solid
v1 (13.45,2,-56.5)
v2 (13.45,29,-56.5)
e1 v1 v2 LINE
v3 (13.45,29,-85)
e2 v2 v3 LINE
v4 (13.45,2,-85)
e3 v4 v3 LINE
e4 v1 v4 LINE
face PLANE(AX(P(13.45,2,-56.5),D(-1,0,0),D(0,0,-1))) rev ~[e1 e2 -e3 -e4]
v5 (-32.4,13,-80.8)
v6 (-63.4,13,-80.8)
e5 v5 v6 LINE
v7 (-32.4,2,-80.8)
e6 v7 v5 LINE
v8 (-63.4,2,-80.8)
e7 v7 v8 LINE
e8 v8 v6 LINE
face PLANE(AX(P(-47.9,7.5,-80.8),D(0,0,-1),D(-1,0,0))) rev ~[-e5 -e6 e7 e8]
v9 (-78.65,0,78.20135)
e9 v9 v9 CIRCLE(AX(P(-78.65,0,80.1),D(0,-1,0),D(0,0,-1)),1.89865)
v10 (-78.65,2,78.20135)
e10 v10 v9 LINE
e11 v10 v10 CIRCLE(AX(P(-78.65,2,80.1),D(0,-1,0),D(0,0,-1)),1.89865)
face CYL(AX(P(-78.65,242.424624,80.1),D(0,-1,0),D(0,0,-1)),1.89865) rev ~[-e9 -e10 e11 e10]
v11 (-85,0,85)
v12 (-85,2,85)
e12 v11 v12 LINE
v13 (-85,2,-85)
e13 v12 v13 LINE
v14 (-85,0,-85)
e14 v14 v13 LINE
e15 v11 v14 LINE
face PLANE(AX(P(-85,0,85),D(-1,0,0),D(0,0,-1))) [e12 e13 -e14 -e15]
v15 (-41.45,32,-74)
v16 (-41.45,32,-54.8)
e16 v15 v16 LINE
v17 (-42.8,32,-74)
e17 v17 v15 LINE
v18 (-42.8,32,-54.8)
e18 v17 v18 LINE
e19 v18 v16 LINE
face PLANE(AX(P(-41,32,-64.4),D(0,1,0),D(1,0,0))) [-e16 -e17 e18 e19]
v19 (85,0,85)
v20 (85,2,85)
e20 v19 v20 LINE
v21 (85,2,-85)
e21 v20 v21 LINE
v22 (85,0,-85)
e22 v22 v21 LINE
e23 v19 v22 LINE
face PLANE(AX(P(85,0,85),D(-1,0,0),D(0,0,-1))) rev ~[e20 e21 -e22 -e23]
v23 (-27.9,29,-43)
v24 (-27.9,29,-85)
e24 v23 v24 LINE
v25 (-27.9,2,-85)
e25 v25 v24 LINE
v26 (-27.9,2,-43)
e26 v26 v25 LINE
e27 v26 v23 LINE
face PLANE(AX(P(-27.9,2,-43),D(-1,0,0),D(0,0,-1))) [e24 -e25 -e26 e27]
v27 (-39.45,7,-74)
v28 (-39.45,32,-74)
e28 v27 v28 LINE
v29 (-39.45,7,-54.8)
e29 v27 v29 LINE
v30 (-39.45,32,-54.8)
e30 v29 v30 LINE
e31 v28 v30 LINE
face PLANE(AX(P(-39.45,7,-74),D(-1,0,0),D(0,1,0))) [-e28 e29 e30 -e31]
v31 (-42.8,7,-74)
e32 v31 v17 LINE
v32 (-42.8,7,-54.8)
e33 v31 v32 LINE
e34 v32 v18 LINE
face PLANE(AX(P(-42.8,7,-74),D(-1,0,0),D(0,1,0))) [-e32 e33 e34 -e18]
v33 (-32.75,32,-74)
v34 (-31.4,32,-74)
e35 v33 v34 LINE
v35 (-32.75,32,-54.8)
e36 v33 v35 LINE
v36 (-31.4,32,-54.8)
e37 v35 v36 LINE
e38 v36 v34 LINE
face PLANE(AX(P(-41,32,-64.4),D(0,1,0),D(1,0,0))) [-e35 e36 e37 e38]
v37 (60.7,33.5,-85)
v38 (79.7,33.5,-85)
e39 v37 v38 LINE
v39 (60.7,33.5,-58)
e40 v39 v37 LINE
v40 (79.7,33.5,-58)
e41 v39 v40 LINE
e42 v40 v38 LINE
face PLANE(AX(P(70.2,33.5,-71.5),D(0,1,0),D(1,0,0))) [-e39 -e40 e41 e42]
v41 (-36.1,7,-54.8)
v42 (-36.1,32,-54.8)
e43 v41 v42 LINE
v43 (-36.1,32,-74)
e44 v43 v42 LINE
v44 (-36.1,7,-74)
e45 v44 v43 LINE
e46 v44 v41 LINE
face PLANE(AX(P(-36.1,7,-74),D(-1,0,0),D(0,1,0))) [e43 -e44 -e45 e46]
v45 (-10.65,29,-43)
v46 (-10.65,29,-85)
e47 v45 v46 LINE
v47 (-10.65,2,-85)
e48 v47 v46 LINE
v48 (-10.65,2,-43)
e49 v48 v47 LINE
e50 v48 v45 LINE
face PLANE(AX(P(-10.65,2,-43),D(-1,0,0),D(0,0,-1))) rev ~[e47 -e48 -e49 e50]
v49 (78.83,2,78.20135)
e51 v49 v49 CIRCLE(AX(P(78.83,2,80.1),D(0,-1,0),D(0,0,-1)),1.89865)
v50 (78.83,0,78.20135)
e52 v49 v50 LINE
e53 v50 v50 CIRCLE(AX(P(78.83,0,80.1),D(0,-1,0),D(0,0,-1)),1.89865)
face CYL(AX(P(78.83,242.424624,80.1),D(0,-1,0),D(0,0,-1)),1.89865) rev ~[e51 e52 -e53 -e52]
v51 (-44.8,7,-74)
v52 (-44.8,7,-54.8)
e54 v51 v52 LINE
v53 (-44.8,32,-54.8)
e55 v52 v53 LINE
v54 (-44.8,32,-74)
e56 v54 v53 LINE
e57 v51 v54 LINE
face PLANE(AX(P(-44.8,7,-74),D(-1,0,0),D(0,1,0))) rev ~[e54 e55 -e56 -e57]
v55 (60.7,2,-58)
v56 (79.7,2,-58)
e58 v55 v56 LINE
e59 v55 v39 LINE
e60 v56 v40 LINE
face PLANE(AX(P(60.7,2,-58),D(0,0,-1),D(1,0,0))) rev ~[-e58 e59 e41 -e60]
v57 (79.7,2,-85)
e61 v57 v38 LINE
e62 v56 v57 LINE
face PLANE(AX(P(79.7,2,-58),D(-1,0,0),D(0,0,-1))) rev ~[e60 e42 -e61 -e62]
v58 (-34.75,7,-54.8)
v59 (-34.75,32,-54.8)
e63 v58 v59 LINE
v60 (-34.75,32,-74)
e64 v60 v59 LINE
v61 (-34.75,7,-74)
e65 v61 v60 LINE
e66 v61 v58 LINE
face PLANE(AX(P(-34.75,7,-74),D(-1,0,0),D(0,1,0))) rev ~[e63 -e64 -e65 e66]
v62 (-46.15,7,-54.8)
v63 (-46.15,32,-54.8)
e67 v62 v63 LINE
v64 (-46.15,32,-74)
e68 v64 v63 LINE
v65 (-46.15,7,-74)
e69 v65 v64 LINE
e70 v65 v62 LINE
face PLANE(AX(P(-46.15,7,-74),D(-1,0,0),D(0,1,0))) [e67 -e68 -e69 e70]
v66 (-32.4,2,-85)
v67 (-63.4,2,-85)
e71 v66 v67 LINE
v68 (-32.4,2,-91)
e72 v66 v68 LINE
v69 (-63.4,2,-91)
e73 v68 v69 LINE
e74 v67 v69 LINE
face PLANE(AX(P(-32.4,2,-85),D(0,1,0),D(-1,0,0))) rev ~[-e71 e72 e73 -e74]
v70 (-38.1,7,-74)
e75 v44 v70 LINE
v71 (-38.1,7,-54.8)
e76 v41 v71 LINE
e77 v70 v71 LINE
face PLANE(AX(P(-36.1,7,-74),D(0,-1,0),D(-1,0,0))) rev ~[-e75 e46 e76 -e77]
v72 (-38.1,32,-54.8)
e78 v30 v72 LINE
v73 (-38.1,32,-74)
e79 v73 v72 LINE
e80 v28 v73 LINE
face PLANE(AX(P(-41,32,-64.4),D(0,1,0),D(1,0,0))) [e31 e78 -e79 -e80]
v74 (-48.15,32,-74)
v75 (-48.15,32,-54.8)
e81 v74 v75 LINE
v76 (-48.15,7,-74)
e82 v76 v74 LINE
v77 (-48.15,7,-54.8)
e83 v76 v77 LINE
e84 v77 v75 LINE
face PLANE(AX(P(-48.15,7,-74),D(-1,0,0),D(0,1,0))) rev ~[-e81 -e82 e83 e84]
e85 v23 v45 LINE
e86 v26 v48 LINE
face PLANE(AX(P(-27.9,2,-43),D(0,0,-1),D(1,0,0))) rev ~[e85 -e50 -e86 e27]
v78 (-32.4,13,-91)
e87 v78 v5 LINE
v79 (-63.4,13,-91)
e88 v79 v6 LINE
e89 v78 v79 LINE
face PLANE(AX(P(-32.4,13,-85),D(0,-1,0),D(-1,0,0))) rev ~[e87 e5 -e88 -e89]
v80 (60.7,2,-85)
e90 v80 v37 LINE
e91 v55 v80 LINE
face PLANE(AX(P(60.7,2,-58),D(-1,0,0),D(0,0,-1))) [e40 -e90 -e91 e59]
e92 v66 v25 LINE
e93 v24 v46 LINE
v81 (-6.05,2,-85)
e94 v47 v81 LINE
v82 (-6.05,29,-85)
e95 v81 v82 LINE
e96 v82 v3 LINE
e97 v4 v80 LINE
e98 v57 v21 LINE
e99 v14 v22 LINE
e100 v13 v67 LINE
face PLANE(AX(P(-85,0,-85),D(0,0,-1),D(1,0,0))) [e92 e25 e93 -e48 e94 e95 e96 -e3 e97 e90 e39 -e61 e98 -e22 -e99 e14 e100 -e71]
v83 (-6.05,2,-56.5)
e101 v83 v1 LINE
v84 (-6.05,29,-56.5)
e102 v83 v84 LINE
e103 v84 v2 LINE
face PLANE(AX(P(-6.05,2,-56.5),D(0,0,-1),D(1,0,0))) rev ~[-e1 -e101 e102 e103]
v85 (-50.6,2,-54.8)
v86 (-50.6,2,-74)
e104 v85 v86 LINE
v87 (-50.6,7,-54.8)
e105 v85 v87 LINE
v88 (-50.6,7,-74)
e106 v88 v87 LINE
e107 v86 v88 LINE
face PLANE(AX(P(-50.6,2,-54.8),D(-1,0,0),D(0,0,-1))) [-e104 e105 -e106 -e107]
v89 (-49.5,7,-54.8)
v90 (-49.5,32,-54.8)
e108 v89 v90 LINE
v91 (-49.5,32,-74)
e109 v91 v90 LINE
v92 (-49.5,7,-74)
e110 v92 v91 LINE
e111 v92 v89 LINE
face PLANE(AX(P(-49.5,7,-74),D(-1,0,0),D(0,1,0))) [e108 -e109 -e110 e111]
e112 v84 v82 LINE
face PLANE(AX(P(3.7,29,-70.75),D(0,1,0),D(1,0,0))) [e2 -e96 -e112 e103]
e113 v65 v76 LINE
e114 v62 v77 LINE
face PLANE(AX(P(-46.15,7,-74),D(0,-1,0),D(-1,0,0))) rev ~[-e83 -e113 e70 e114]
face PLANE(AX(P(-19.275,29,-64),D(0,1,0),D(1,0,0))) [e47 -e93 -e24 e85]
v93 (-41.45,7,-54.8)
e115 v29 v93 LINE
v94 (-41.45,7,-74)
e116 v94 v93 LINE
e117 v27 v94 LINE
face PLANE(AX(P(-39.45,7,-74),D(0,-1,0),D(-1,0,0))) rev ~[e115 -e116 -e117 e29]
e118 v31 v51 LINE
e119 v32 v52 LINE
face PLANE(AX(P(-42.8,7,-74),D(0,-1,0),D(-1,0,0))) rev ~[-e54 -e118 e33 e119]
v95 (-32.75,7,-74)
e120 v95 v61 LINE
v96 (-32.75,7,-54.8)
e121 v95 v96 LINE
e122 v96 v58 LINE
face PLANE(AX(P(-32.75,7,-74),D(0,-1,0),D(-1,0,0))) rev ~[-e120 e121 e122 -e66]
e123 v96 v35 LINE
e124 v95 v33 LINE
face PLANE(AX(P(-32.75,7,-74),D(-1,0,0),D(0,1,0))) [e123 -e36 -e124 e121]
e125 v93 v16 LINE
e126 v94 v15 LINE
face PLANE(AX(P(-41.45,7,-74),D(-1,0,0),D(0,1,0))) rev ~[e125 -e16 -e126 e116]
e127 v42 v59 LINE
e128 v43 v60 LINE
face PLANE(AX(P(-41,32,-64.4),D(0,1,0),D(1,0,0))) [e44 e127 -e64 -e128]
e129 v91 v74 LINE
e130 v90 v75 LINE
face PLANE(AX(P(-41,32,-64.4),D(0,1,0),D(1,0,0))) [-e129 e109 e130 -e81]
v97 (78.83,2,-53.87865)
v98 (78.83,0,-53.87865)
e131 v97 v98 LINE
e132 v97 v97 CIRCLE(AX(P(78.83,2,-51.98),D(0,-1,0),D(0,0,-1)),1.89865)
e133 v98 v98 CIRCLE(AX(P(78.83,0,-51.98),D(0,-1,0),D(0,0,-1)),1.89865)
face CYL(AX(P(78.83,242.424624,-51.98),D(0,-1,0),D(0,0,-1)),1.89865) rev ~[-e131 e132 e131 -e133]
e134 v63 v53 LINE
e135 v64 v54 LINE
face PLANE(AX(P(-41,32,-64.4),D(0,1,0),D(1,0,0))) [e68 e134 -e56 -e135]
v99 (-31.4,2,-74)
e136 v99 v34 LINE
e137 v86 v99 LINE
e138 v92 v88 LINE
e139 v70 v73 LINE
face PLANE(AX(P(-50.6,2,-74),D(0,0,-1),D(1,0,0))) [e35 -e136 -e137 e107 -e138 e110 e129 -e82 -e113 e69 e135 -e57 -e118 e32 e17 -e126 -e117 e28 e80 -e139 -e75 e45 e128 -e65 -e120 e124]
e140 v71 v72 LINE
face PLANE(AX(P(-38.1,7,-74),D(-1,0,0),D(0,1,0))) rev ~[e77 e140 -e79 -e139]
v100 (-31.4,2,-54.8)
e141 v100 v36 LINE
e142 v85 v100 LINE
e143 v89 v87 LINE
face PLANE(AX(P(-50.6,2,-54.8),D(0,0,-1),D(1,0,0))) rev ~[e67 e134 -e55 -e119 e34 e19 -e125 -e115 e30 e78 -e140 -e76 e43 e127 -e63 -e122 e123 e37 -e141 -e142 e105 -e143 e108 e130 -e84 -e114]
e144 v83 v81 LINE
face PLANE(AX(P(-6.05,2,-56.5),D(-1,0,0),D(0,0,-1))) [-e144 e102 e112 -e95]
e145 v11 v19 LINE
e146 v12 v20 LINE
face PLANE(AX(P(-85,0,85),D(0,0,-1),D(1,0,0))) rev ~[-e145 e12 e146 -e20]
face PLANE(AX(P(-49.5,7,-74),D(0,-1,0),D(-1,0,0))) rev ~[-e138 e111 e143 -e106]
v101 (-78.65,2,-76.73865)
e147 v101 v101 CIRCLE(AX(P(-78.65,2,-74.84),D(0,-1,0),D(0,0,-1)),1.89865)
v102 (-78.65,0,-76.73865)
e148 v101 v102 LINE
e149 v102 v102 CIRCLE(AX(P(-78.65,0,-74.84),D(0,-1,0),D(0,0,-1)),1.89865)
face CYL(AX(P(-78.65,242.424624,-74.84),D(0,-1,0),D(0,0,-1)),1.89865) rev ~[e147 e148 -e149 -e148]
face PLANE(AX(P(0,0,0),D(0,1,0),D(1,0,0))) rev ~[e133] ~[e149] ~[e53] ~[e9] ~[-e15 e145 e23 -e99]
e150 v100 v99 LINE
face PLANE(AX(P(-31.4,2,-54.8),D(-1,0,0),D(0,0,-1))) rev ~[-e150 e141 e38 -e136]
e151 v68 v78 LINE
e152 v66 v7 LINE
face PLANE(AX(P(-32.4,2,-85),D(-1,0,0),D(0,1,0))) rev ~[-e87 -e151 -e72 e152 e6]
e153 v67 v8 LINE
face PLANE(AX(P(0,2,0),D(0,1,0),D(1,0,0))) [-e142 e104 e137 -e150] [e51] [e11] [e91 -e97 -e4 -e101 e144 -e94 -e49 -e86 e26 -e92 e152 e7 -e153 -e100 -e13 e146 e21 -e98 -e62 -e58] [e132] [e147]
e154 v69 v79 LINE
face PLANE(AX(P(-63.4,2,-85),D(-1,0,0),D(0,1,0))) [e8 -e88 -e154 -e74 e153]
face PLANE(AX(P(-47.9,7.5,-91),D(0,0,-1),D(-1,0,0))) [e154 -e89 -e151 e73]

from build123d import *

# Parameters (mm, degrees)
SKETCH1_W                = 170
SKETCH1_H                = 170
BOSS_EXTRUDE1_DEPTH      = 2
F_6_CLEARANCE_HOLE1_D    = 3.7973
SKETCH5_W                = 19
SKETCH5_H                = 27
BOSS_EXTRUDE2_DEPTH      = 31.5
SKETCH6_W                = 19.5
SKETCH6_H                = 28.5
SKETCH6_W_2              = 17.25
SKETCH6_H_2              = 42
BOSS_EXTRUDE3_DEPTH      = 27
SKETCH7_W                = 19.2
SKETCH7_H                = 19.2
BOSS_EXTRUDE4_DEPTH      = 30
SKETCH8_W                = 2
SKETCH8_H                = 25
SKETCH8_W_2              = 1.1
CUT_EXTRUDE1_DEPTH       = 160
SKETCH9_W                = 31
SKETCH9_H                = 11
BOSS_EXTRUDE5_DEPTH      = 6
BOSS_EXTRUDE5_DEPTH_BACK = 4.2


with BuildPart() as part:
    # Sketch1 → Boss-Extrude1 (new body)
    with BuildSketch(Plane(origin=(0, 0, 0), x_dir=(1, 0, 0), z_dir=(0, 1, 0))):
        Rectangle(SKETCH1_W, SKETCH1_H)
    extrude(amount=BOSS_EXTRUDE1_DEPTH)

    # #6 Clearance Hole1 (through all)
    with Locations(Plane(origin=(-78.65, 2, -74.84), x_dir=(0, 0, 1), z_dir=(0, 1, 0))):
        with Locations((0, 0), (154.94, 0), (154.94, 157.48), (22.86, 157.48)):
            Hole(F_6_CLEARANCE_HOLE1_D / 2)

    # Sketch5 → Boss-Extrude2 (add)
    with BuildSketch(Plane(origin=(0, 2, 0), x_dir=(1, 0, 0), z_dir=(0, 1, 0))):
        with Locations((70.2, 71.5)):
            Rectangle(SKETCH5_W, SKETCH5_H)
    extrude(amount=BOSS_EXTRUDE2_DEPTH)

    # Sketch6 → Boss-Extrude3 (add)
    with BuildSketch(Plane(origin=(0, 2, 0), x_dir=(1, 0, 0), z_dir=(0, 1, 0))):
        with Locations((3.7, 70.75)):
            Rectangle(SKETCH6_W, SKETCH6_H)
        with Locations((-19.275, 64)):
            Rectangle(SKETCH6_W_2, SKETCH6_H_2)
    extrude(amount=BOSS_EXTRUDE3_DEPTH)

    # Sketch7 → Boss-Extrude4 (add)
    with BuildSketch(Plane(origin=(0, 2, 0), x_dir=(1, 0, 0), z_dir=(0, 1, 0))):
        with Locations((-41, 64.4)):
            Rectangle(SKETCH7_W, SKETCH7_H)
    extrude(amount=BOSS_EXTRUDE4_DEPTH)

    # Sketch8 → Cut-Extrude1 (cut, through all)
    with BuildSketch(Plane(origin=(0, 0, -74), x_dir=(-1, 0, 0), z_dir=(0, 0, -1))):
        with Locations((33.75, 19.5)):
            Rectangle(SKETCH8_W, SKETCH8_H)
        with Locations((37.1, 19.5)):
            Rectangle(SKETCH8_W, SKETCH8_H)
        with Locations((50.05, 19.5)):
            Rectangle(SKETCH8_W_2, SKETCH8_H)
        with Locations((40.45, 19.5)):
            Rectangle(SKETCH8_W, SKETCH8_H)
        with Locations((47.15, 19.5)):
            Rectangle(SKETCH8_W, SKETCH8_H)
        with Locations((43.8, 19.5)):
            Rectangle(SKETCH8_W, SKETCH8_H)
    extrude(amount=-CUT_EXTRUDE1_DEPTH, mode=Mode.SUBTRACT)

    # Sketch9 → Boss-Extrude5 (add, two sides)
    with BuildSketch(Plane(origin=(0, 0, -85), x_dir=(-1, 0, 0), z_dir=(0, 0, -1))) as boss_extrude5_sk:
        with Locations((47.9, 7.5)):
            Rectangle(SKETCH9_W, SKETCH9_H)
    extrude(amount=BOSS_EXTRUDE5_DEPTH)
    extrude(boss_extrude5_sk.sketch, amount=-BOSS_EXTRUDE5_DEPTH_BACK)


solid = part.part
